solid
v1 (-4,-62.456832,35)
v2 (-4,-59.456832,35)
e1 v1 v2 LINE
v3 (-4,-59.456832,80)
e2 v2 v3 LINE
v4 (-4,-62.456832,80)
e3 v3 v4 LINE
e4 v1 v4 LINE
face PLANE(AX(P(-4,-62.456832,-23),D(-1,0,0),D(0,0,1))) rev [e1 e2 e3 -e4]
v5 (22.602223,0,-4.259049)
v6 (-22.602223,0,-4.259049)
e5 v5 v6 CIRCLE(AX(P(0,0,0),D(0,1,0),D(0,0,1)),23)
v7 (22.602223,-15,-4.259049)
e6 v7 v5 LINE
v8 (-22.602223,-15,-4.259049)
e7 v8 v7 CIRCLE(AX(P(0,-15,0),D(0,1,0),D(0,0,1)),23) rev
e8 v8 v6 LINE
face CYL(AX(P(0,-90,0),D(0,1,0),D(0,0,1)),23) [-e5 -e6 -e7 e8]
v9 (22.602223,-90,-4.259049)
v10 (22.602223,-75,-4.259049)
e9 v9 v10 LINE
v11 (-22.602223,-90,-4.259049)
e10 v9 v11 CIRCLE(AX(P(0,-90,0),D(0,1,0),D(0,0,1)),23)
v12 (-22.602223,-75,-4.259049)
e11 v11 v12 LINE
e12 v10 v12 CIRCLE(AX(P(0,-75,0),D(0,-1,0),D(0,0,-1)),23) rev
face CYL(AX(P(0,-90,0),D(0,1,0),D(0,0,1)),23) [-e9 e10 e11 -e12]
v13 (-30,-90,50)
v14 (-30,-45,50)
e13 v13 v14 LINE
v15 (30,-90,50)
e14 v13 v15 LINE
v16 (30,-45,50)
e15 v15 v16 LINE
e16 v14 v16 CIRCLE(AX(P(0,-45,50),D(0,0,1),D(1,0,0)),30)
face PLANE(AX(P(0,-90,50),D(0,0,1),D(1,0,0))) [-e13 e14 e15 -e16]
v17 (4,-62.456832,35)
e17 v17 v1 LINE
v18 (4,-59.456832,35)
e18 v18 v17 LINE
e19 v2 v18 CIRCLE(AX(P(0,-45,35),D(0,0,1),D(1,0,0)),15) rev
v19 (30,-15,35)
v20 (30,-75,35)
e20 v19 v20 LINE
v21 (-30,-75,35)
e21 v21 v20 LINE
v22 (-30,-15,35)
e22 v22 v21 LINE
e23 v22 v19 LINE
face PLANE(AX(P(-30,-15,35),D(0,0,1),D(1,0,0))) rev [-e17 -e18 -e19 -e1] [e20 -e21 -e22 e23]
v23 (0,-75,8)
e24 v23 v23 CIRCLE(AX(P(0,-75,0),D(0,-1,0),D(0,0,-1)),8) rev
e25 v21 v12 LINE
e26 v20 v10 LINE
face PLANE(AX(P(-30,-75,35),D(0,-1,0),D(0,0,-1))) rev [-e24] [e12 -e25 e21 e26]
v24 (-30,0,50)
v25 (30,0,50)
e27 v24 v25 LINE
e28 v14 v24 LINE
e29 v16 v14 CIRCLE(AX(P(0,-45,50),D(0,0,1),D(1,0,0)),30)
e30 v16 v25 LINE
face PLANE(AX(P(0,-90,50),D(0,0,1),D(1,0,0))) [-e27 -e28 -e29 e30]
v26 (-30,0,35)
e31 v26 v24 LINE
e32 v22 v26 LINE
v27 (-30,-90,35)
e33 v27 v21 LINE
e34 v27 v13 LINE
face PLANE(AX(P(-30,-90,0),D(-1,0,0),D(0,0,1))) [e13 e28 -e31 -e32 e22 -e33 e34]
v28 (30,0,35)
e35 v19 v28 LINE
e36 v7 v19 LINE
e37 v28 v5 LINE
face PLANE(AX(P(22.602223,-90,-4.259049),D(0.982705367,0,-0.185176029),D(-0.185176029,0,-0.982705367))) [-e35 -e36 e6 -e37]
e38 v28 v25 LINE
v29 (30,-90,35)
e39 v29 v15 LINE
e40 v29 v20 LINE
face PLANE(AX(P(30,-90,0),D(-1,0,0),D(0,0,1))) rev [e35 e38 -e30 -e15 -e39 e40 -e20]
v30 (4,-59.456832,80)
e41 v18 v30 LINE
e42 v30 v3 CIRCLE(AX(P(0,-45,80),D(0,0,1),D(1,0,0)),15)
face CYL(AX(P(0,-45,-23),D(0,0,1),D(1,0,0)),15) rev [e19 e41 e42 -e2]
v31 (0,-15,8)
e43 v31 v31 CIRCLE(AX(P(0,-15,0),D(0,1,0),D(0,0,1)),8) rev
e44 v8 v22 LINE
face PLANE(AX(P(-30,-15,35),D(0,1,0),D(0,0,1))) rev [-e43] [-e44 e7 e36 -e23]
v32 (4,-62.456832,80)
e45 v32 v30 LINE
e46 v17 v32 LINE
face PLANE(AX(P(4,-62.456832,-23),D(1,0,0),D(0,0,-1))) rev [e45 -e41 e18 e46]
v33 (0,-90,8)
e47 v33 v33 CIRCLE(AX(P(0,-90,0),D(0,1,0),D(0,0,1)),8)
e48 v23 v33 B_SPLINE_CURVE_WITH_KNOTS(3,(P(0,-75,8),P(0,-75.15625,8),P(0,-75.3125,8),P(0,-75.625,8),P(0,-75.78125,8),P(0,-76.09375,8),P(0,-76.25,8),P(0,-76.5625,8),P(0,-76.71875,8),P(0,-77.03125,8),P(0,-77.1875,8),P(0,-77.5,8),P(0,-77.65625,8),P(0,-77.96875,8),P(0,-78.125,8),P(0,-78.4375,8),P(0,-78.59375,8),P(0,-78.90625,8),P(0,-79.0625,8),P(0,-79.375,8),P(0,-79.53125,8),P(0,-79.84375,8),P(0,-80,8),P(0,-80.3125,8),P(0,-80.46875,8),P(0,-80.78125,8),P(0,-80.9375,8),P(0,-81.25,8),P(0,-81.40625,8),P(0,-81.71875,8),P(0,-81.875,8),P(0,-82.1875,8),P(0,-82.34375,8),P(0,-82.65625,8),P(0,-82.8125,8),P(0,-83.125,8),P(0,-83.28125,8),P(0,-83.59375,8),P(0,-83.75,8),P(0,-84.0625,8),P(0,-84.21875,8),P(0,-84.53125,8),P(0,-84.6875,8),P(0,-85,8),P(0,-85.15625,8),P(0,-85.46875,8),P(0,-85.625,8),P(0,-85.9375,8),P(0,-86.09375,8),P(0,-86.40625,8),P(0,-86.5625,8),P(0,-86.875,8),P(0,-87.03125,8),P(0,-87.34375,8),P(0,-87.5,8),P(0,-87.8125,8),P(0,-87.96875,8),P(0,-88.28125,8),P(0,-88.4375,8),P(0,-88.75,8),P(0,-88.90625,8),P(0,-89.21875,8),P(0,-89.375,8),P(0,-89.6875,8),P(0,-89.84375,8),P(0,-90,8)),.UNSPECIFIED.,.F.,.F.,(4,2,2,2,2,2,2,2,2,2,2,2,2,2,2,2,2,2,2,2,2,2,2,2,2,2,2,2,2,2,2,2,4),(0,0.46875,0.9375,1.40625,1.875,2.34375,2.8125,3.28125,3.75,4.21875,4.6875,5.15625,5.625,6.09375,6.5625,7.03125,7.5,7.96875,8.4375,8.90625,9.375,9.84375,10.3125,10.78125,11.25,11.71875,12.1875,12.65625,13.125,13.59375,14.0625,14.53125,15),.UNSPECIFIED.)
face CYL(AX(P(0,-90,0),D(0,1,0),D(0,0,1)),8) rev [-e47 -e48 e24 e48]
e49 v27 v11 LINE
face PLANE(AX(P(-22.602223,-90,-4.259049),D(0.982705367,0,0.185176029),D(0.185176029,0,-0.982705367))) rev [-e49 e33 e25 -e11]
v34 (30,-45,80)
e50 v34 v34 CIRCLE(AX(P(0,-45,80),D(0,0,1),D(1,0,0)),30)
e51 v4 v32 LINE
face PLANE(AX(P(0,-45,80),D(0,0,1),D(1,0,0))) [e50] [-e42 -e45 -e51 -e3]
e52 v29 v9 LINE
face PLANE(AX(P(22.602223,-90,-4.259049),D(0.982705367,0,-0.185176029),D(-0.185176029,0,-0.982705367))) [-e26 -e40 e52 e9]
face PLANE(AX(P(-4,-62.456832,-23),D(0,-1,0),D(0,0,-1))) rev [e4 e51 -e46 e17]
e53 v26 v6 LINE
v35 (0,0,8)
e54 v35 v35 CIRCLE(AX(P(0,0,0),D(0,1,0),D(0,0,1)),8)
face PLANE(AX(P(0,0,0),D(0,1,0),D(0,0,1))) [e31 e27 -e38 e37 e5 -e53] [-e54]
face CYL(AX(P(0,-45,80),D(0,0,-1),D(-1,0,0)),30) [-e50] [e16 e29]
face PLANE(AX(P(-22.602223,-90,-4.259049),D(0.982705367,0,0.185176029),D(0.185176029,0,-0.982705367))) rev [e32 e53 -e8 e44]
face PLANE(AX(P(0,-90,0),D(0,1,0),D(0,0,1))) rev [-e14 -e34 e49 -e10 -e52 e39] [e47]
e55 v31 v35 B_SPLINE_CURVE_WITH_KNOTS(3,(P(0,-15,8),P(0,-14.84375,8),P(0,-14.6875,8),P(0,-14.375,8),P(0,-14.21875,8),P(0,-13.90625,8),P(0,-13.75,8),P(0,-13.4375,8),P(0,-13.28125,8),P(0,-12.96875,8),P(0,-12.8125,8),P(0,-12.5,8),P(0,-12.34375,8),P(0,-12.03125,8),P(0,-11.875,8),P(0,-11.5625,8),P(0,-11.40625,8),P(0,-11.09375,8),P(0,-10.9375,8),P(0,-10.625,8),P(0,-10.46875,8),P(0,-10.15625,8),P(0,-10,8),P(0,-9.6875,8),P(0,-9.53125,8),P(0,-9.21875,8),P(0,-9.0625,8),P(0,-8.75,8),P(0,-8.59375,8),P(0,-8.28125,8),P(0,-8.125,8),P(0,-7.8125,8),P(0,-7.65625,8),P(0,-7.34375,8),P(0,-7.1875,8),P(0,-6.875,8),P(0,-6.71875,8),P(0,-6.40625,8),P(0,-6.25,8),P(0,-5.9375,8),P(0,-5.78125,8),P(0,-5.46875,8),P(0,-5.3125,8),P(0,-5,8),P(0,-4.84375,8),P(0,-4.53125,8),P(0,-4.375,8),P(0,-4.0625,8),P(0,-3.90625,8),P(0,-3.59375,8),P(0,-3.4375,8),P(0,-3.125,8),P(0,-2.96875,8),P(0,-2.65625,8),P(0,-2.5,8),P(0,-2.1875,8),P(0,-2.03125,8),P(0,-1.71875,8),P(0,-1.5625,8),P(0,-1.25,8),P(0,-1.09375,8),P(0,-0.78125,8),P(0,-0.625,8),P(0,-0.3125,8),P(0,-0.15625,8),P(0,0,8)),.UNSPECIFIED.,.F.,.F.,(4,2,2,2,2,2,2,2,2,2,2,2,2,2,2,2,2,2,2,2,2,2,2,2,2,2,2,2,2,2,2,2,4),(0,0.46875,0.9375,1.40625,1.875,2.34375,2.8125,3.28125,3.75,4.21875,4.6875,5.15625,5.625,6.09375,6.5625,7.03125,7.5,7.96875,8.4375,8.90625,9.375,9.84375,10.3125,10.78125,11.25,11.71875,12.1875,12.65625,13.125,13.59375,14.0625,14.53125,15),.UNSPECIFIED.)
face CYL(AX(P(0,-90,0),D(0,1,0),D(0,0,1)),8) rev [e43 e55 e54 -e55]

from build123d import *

# Parameters (mm, degrees)
SKETCH2_R           = 8
BOSS_EXTRUDE1_DEPTH = 90
SKETCH3_R           = 30
BOSS_EXTRUDE2_DEPTH = 30
CUT_EXTRUDE1_DEPTH  = 141.032139168
SKETCH5_W           = 58
SKETCH5_H           = 60
CUT_EXTRUDE2_DEPTH  = 135.536240597


with BuildPart() as part:
    # Sketch2 → Boss-Extrude1 (new body)
    with BuildSketch(Plane(origin=(0, 0, 0), x_dir=(1, 0, 0), z_dir=(0, 1, 0))):
        with BuildLine():
            Line((30, -35), (22.602223441, 4.259048664))
            ThreePointArc((22.602223441, 4.259048664), (0, 23), (-22.602223441, 4.259048664))
            Line((-22.602223441, 4.259048664), (-30, -35))
            Line((-30, -35), (-30, -50))
            Line((-30, -50), (30, -50))
            Line((30, -50), (30, -35))
        make_face()
        with Locations(Location((0, 0, 0), (0, 0, 270))):
            Circle(SKETCH2_R, mode=Mode.SUBTRACT)
    extrude(amount=-BOSS_EXTRUDE1_DEPTH)

    # Sketch3 → Boss-Extrude2 (add)
    with BuildSketch(Plane.XY.offset(50)):
        with Locations((0, -45)):
            Circle(SKETCH3_R)
    extrude(amount=BOSS_EXTRUDE2_DEPTH)

    # Sketch4 → Cut-Extrude1 (cut, through all)
    with BuildSketch(Plane.XY.offset(80)):
        with BuildLine():
            Line((-4, -62.456832295), (4, -62.456832295))
            Line((4, -62.456832295), (4, -59.456832295))
            ThreePointArc((4, -59.456832295), (0, -30), (-4, -59.456832295))
            Line((-4, -59.456832295), (-4, -62.456832295))
        make_face()
    extrude(amount=-CUT_EXTRUDE1_DEPTH, mode=Mode.SUBTRACT)

    # Sketch5 → Cut-Extrude2 (cut, through all)
    with BuildSketch(Plane(origin=(30, 0, 0), x_dir=(0, 0, -1), z_dir=(1, 0, 0))):
        with Locations((-6, -45)):
            Rectangle(SKETCH5_W, SKETCH5_H)
    extrude(amount=-CUT_EXTRUDE2_DEPTH, mode=Mode.SUBTRACT)


solid = part.part
